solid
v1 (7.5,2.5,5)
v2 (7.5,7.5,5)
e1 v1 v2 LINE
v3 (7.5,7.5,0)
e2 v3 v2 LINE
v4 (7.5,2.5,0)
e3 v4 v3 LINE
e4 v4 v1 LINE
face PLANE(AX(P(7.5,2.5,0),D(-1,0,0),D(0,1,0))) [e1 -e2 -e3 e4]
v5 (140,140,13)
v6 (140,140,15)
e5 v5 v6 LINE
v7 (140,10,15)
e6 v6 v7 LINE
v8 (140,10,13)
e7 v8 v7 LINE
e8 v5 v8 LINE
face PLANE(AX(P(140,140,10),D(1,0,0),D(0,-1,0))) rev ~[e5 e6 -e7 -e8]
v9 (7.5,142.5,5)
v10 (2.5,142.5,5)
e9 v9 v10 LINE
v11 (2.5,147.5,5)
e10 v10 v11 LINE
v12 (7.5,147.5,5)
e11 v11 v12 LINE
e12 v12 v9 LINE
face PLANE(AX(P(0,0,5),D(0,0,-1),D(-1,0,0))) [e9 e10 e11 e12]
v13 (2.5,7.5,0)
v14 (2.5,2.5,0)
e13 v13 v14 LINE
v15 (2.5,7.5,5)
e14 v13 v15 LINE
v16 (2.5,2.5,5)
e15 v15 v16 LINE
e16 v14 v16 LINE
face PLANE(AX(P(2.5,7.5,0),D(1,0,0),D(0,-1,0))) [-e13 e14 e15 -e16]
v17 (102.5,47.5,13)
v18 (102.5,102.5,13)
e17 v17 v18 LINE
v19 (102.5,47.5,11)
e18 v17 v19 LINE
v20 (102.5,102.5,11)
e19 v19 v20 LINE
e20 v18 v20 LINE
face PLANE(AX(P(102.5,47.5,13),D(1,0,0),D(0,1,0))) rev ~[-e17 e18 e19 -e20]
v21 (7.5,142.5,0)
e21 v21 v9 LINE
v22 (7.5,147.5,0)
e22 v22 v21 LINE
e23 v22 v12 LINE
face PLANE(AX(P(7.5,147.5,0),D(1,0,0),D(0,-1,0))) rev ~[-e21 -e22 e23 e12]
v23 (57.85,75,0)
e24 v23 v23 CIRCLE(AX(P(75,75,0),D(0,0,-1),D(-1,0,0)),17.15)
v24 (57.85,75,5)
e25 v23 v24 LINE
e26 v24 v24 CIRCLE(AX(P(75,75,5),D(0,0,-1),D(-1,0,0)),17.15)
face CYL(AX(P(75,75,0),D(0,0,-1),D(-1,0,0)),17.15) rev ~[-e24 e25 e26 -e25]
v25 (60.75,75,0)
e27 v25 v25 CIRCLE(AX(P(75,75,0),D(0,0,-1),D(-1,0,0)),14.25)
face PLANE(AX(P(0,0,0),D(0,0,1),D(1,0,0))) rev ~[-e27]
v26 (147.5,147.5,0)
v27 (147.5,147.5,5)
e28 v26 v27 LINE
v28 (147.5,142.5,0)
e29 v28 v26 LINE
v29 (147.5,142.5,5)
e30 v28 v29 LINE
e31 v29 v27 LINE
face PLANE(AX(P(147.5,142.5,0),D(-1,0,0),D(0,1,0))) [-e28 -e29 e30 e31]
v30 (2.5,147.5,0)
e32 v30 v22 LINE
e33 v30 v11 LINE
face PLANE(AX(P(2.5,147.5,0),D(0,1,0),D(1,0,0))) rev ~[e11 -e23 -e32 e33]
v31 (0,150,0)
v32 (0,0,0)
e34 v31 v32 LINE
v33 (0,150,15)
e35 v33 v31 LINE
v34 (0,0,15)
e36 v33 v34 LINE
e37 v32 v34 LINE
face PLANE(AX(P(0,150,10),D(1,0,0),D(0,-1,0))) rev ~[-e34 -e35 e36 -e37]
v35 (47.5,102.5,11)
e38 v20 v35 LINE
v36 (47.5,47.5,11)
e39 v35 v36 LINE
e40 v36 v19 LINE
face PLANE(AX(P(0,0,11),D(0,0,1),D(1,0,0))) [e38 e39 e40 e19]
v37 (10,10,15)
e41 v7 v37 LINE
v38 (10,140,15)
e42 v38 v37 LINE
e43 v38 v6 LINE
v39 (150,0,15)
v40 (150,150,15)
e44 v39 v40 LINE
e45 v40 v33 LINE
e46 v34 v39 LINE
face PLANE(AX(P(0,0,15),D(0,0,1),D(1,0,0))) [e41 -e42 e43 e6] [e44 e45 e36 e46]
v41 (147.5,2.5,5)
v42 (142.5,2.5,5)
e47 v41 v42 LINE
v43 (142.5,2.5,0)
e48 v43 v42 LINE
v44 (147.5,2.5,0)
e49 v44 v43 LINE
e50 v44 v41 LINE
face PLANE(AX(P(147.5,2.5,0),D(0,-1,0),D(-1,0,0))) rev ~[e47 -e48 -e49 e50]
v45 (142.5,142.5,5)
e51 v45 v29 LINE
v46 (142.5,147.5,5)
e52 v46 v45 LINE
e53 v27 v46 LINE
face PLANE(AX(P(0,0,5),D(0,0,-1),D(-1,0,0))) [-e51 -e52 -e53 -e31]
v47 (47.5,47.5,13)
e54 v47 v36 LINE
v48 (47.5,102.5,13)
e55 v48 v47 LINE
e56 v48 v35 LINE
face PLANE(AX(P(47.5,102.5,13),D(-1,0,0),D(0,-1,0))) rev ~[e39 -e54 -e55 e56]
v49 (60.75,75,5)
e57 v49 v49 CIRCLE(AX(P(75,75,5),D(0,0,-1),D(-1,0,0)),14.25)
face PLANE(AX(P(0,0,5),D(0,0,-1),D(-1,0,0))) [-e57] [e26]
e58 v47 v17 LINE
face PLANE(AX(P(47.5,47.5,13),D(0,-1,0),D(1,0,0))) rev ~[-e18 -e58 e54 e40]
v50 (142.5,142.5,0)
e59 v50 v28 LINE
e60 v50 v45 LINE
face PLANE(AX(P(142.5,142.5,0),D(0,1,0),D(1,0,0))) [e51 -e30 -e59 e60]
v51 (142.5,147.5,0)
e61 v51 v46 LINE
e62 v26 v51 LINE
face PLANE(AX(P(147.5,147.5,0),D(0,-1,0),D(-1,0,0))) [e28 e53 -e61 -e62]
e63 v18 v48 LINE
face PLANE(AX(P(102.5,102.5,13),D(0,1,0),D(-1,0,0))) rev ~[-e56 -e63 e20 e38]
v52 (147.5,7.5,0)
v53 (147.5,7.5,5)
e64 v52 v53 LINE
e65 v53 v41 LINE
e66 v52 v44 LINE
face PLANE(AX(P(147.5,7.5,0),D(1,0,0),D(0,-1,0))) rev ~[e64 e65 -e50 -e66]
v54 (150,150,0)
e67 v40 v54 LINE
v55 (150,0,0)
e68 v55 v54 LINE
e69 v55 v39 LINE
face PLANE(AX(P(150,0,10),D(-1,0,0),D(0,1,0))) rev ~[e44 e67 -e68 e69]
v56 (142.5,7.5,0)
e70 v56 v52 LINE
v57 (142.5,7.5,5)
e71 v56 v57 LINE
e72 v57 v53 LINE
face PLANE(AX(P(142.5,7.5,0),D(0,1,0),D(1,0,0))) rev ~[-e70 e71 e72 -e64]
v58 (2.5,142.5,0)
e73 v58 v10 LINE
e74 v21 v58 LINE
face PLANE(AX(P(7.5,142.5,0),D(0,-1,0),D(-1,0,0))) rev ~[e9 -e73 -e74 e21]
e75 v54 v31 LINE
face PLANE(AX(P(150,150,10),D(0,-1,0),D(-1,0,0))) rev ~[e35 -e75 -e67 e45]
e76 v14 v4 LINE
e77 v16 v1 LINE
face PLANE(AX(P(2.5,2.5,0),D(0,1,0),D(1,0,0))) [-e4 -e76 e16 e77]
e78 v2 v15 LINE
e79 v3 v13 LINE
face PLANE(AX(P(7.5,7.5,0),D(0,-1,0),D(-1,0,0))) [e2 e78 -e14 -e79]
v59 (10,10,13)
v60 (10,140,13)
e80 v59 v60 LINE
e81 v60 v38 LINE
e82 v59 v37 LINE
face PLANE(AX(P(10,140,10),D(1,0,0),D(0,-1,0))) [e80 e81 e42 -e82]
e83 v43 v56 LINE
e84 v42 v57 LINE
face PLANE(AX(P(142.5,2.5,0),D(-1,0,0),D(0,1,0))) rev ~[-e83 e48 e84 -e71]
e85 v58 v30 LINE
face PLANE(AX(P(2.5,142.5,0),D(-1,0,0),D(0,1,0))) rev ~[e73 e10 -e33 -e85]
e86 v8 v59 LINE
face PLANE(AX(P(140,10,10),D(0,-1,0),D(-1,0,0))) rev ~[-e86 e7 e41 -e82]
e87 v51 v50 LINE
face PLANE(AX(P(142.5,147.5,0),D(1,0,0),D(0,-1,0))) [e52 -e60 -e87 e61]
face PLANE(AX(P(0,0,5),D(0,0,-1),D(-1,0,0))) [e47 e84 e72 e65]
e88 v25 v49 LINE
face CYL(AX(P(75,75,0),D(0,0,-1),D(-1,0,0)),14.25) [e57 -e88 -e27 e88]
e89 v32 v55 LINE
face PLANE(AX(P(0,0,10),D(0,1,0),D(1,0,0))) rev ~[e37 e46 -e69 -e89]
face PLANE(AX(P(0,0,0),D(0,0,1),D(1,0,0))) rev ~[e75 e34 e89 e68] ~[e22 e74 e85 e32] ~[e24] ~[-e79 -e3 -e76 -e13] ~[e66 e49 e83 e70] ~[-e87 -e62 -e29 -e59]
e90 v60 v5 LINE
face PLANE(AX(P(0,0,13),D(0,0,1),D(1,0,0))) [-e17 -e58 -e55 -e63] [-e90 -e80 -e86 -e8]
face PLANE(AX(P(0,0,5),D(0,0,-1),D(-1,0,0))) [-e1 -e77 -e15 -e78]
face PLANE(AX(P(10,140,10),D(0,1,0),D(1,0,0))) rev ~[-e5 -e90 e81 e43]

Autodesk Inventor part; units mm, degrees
ref_plane "YZ Plane" through (0, 0, 0) normal (1, 0, 0) x (0, 1, 0)
ref_plane "XZ Plane" through (0, 0, 0) normal (0, 1, 0) x (-1, 0, 0)
ref_plane "XY Plane" through (0, 0, 0) normal (0, 0, 1) x (1, 0, 0)
sketch "Sketch4" plane through (0, 0, 0) normal (0, 0, 1) x (1, 0, 0)
  line L0 (0, 0) -> (150, 0)
  line L1 (150, 0) -> (150, 150)
  line L2 (150, 150) -> (0, 150)
  line L3 (0, 150) -> (0, 0)
  dimension "d34" = 150
  dimension "d35" = 150
extrude "Extrusion4" add sketch "Sketch4" along normal blind 10
sketch "Sketch5" plane through (0, 0, 10) normal (0, 0, 1) x (1, 0, 0)
  line L0 (10, 10) -> (140, 10)
  line L1 (140, 10) -> (140, 140)
  line L2 (140, 140) -> (10, 140)
  line L3 (10, 140) -> (10, 10)
  point P0 (0, 0)
  dimension "d38" = 130
  dimension "d39" = 130
extrude "Extrusion5" cut sketch "Sketch5" against normal blind 2
sketch "Sketch6" plane through (0, 0, 0) normal (0, 0, -1) x (-1, 0, 0)
  circle A0 centre (-75, 75) radius 14.25
  circle A1 centre (-75, 75) radius 17.15
  line L0 (-147.5, 2.5) -> (-142.5, 2.5)
  line L1 (-142.5, 2.5) -> (-142.5, 7.5)
  line L2 (-142.5, 7.5) -> (-147.5, 7.5)
  line L3 (-147.5, 7.5) -> (-147.5, 2.5)
  line L4 (-2.5, 2.5) -> (-7.5, 2.5)
  line L5 (-7.5, 2.5) -> (-7.5, 7.5)
  line L6 (-7.5, 7.5) -> (-2.5, 7.5)
  line L7 (-2.5, 7.5) -> (-2.5, 2.5)
  line L8 (-147.5, 147.5) -> (-142.5, 147.5)
  line L9 (-142.5, 147.5) -> (-142.5, 142.5)
  line L10 (-142.5, 142.5) -> (-147.5, 142.5)
  line L11 (-147.5, 142.5) -> (-147.5, 147.5)
  line L12 (-2.5, 147.5) -> (-7.5, 147.5)
  line L13 (-7.5, 147.5) -> (-7.5, 142.5)
  line L14 (-7.5, 142.5) -> (-2.5, 142.5)
  line L15 (-2.5, 142.5) -> (-2.5, 147.5)
  point P0 (0, 0)
  dimension "d42" = 28.5
  dimension "d43" = 34.3
  dimension "d46" = 5
  dimension "d47" = 5
  dimension "d48" = 5
  dimension "d49" = 5
  dimension "d50" = 5
  dimension "d51" = 5
  dimension "d52" = 5
  dimension "d53" = 5
extrude "Extrusion7" cut sketch "Sketch6" against normal blind 5
sketch "Sketch7" plane through (0, 0, 8) normal (0, 0, 1) x (1, 0, 0)
  line L0 (47.5, 102.5) -> (102.5, 102.5)
  line L1 (102.5, 102.5) -> (102.5, 47.5)
  line L2 (102.5, 47.5) -> (47.5, 47.5)
  line L3 (47.5, 47.5) -> (47.5, 102.5)
  point P0 (0, 0)
  dimension "d58" = 55
  dimension "d59" = 55
extrude "Extrusion8" cut sketch "Sketch7" against normal blind 2
sketch "Sketch9" plane through (0, 0, 6) normal (0, 0, 1) x (1, 0, 0)
  line L0 (47.5, 47.5) -> (47.5, 102.5) projected
  line L1 (47.5, 47.5) -> (102.5, 47.5)
  line L2 (102.5, 47.5) -> (102.5, 102.5)
  line L3 (102.5, 102.5) -> (47.5, 102.5)
  line L4 (47.5, 102.5) -> (47.5, 47.5)
  point P0 (0, 0)
  dimension "d68" = 55
  dimension "d69" = 55
extrude "Extrusion10" add sketch "Sketch9" along normal blind 2
sketch "Sketch10" plane through (0, 0, 8) normal (0, 0, 1) x (1, 0, 0)
  line L0 (37.5, 37.5) -> (112.5, 37.5) projected
  line L1 (112.5, 37.5) -> (112.5, 112.5) projected
  line L2 (37.5, 37.5) -> (112.5, 37.5)
  line L3 (112.5, 37.5) -> (112.5, 112.5)
  line L4 (112.5, 112.5) -> (37.5, 112.5)
  line L5 (37.5, 112.5) -> (37.5, 37.5)
  point P0 (0, 0)
  dimension "d72" = 75
  dimension "d73" = 75
extrude "Extrusion11" add sketch "Sketch10" along normal blind 5
sketch "Sketch11" plane through (0, 0, 13) normal (0, 0, 1) x (1, 0, 0)
  line L0 (47.5, 47.5) -> (102.5, 47.5)
  line L1 (102.5, 47.5) -> (102.5, 102.5)
  line L2 (102.5, 102.5) -> (47.5, 102.5)
  line L3 (47.5, 102.5) -> (47.5, 47.5)
  point P0 (0, 0)
  dimension "d76" = 55
  dimension "d77" = 55
extrude "Extrusion12" cut sketch "Sketch11" against normal blind 2
sketch "Sketch12" plane through (0, 0, 11) normal (0, 0, 1) x (1, 0, 0)
  circle A0 centre (75, 75) radius 14.35
  circle A1 centre (75, 75) radius 17.15
  point P0 (0, 0)
sketch "Sketch13" plane through (0, 0, 8) normal (0, 0, 1) x (1, 0, 0)
  line L0 (140, 140) -> (140, 10) projected
  line L1 (10, 140) -> (140, 140)
  line L2 (140, 140) -> (140, 10)
  line L3 (140, 10) -> (10, 10)
  line L4 (10, 10) -> (10, 140)
  line L5 (37.5, 37.5) -> (37.5, 112.5) projected
  line L6 (112.5, 112.5) -> (112.5, 37.5) projected
  line L7 (37.5, 112.5) -> (112.5, 112.5)
  line L8 (112.5, 112.5) -> (112.5, 37.5)
  line L9 (112.5, 37.5) -> (37.5, 37.5)
  line L10 (37.5, 37.5) -> (37.5, 112.5)
  point P0 (0, 0)
extrude "Extrusion13" add sketch "Sketch13" along normal blind 5
sketch "Sketch15" plane through (0, 0, 10) normal (0, 0, 1) x (1, 0, 0)
  line L0 (0, 0) -> (150, 0)
  line L1 (150, 0) -> (150, 150)
  line L2 (150, 150) -> (0, 150)
  line L3 (0, 150) -> (0, 0)
  line L4 (10, 140) -> (10, 10) projected
  line L5 (10, 140) -> (140, 140)
  line L6 (140, 140) -> (140, 10)
  line L7 (140, 10) -> (10, 10)
  line L8 (10, 10) -> (10, 140)
  dimension "d86" = 150
  dimension "d87" = 150
  dimension "d88" = 130
  dimension "d89" = 130
extrude "Extrusion14" add sketch "Sketch15" along normal blind 5
properties part number "Elbow_Both_Marker_TestFit_V2"
